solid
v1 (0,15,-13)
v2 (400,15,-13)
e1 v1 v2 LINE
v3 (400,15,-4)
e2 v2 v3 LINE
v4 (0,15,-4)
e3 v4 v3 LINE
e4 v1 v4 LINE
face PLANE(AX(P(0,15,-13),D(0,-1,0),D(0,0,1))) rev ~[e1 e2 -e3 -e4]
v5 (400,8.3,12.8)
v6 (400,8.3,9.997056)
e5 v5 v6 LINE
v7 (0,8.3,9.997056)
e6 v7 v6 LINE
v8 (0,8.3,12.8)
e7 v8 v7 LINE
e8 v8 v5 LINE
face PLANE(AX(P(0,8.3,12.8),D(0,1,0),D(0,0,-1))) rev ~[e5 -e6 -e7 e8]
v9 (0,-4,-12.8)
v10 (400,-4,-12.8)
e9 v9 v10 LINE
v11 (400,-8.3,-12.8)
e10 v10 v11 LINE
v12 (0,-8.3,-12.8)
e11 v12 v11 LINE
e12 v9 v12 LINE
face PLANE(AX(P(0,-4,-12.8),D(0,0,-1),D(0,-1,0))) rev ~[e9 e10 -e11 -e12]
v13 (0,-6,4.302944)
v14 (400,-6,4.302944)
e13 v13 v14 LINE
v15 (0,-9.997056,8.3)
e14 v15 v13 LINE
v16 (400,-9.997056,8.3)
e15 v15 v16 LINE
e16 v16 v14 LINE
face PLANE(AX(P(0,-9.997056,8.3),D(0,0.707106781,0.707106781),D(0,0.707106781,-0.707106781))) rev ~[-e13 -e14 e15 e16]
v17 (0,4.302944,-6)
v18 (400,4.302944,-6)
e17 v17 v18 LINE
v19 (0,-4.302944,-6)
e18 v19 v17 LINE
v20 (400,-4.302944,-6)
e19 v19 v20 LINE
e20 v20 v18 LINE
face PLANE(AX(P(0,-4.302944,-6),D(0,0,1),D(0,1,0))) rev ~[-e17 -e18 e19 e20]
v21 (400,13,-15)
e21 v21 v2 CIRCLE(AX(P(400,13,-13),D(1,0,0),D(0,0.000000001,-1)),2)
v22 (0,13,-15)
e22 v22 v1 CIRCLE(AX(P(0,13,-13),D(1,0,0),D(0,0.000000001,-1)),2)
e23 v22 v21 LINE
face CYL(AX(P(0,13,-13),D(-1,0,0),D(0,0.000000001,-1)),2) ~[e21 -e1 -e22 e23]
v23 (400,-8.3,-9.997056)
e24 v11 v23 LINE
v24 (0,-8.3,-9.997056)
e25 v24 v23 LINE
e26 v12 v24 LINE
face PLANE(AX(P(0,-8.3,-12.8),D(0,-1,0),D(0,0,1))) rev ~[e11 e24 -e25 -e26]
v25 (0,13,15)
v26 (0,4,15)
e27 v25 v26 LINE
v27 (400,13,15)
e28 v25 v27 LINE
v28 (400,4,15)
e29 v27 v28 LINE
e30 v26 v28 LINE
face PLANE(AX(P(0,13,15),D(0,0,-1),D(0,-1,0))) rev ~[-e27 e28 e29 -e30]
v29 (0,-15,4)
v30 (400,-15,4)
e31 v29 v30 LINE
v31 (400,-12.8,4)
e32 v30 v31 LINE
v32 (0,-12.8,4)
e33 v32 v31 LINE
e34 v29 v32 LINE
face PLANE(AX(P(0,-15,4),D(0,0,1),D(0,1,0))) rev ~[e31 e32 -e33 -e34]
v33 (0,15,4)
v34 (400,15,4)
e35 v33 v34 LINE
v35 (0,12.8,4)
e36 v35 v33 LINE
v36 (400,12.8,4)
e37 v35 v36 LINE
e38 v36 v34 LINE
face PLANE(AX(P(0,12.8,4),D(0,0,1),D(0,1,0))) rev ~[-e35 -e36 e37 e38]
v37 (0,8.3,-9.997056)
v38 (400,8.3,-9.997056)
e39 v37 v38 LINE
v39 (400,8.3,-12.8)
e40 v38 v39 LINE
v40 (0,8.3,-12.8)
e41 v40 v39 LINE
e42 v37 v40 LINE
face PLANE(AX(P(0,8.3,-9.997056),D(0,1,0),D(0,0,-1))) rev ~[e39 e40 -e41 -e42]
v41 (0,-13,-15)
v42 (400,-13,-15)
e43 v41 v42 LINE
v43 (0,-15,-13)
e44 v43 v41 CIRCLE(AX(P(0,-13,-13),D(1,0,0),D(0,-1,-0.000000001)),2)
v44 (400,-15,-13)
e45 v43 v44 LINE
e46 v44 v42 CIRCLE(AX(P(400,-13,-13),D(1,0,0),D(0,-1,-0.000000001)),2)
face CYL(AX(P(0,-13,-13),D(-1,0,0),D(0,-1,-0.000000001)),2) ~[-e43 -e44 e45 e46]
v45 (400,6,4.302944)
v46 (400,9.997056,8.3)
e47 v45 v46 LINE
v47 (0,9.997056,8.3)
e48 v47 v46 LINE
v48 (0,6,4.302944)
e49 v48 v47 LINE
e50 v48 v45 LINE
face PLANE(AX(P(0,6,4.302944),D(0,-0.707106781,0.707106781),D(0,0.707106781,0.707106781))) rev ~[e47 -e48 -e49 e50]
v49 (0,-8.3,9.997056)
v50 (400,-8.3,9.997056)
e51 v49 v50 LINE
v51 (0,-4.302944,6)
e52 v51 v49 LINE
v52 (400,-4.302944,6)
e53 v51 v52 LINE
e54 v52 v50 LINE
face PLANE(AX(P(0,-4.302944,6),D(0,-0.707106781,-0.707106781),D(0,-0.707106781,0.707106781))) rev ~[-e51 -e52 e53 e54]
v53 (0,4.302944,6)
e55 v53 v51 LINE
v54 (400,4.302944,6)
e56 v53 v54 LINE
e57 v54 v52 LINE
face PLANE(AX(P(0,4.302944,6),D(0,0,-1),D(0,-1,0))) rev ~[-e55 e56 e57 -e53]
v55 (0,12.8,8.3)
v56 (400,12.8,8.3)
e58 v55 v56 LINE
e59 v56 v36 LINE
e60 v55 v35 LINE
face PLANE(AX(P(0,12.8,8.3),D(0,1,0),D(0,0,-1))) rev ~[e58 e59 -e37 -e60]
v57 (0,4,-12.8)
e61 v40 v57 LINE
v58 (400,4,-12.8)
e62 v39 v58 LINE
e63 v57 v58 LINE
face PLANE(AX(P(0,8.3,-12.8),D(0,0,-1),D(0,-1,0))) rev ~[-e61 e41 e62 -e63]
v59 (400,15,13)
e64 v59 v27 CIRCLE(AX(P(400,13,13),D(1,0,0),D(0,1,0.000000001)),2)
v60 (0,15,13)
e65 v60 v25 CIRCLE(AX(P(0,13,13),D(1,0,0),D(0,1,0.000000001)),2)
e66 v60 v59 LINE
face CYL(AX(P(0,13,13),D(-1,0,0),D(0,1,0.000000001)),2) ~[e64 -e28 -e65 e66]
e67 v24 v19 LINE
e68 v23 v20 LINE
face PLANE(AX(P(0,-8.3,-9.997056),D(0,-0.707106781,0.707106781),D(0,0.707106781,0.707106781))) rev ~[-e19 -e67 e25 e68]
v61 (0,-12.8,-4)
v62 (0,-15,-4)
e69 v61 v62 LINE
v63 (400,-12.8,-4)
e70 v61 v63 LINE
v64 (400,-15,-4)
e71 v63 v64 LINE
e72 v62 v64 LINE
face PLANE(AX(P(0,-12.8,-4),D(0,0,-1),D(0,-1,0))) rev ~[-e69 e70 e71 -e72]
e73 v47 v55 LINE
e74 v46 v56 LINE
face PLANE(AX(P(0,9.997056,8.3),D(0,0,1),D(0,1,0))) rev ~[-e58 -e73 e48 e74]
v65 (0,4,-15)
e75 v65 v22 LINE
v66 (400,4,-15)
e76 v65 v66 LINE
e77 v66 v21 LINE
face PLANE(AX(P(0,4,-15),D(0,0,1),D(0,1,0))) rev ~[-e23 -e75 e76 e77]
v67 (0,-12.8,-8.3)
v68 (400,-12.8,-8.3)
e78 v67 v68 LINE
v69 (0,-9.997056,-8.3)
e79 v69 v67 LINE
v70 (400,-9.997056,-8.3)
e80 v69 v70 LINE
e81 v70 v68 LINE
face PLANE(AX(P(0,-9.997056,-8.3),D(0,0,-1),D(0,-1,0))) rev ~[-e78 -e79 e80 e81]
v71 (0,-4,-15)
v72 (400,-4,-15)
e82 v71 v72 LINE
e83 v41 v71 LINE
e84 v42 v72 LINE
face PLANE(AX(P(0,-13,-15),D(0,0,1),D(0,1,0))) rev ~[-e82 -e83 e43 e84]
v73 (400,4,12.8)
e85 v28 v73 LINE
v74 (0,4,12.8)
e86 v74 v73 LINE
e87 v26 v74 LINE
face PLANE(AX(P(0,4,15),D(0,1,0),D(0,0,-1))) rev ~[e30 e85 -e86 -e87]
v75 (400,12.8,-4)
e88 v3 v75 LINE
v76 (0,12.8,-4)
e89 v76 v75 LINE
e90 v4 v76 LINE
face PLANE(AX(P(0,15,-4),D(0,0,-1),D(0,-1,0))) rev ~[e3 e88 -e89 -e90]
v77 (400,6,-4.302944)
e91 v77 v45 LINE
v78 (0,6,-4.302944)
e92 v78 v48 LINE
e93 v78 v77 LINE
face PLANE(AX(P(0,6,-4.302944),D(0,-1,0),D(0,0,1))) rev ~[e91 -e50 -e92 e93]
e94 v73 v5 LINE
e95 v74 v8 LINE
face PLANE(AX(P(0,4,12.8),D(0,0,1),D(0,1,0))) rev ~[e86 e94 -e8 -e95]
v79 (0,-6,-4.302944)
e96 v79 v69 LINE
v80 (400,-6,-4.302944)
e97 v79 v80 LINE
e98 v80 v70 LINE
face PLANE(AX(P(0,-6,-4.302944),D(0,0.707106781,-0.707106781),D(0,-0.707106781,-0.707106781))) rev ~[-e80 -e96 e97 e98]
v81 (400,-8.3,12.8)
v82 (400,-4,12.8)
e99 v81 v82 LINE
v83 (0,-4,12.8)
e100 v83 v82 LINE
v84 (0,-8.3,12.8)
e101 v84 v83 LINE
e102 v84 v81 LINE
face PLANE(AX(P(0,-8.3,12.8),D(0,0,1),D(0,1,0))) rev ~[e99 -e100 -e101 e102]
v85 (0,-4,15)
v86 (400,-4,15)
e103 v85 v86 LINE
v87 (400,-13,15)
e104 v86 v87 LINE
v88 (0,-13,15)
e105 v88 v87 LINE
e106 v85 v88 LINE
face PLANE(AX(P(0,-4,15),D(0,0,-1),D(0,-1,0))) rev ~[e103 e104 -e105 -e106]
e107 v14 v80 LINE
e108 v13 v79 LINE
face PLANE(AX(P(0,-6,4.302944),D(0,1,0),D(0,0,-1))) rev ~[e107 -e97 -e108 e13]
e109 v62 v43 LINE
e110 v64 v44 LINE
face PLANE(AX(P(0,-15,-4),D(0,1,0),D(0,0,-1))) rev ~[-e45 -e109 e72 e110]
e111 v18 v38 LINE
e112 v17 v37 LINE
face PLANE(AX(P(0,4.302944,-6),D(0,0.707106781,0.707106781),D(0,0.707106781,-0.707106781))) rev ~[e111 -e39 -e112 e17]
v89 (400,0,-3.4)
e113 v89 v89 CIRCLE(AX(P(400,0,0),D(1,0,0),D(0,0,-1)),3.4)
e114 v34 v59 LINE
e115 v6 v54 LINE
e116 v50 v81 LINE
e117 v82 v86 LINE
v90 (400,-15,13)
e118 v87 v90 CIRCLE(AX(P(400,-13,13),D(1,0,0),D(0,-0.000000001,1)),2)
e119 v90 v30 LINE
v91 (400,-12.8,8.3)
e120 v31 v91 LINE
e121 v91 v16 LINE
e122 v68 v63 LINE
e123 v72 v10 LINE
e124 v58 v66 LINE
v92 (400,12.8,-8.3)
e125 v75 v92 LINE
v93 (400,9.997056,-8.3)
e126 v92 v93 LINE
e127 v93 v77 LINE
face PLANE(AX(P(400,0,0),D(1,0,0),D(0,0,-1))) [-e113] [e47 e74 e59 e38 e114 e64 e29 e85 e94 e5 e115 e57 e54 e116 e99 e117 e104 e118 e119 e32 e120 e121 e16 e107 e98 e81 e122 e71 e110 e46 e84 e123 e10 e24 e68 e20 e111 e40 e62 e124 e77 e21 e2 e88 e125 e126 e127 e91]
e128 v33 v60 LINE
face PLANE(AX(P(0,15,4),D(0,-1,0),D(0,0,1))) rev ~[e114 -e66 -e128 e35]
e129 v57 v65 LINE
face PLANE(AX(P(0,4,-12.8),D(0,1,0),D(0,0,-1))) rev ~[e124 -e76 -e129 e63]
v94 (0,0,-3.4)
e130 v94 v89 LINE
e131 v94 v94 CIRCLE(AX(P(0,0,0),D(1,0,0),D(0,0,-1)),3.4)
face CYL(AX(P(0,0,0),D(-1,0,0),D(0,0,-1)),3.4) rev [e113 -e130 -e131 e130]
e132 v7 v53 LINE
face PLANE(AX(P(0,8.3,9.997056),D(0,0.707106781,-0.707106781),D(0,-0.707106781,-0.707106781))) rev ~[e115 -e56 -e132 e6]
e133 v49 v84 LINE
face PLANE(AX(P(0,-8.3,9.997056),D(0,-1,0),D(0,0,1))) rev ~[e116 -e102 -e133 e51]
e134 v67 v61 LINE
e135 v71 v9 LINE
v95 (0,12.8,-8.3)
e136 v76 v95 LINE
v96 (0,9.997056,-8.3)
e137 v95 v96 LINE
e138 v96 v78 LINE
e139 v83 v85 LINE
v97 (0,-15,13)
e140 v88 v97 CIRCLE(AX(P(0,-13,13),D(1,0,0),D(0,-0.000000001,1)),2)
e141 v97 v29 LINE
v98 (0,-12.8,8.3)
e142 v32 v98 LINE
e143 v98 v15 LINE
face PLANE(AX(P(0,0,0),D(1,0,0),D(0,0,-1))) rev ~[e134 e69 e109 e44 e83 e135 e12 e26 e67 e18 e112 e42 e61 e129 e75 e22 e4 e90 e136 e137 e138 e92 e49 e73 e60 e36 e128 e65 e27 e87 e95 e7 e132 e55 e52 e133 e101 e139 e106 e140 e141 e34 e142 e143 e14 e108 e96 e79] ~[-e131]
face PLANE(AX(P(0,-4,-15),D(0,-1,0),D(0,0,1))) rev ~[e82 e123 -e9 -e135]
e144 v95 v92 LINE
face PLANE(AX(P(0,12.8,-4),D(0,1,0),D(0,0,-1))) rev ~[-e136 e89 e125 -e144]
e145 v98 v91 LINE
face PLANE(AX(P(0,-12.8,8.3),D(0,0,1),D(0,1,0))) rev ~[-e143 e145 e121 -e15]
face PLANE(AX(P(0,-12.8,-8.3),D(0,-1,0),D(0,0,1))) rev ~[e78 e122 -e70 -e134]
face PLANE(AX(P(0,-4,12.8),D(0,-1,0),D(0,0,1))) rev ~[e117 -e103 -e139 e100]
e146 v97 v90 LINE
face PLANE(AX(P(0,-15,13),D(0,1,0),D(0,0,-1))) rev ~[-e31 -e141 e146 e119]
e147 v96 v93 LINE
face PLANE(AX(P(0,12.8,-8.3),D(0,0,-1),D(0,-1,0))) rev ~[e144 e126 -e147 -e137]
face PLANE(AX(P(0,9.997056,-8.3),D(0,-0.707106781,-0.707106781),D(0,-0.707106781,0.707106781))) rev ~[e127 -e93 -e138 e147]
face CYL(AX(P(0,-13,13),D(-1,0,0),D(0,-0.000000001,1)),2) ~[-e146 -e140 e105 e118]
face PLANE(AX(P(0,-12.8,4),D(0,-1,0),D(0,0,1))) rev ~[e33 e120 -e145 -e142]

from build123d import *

# Parameters (mm, degrees)
SKETCH17_R                       = 3.4
ALUMINIUM_EXTRUSION_3030_1_DEPTH = 400


with BuildPart() as part:
    # Sketch17 → Aluminium extrusion 3030(1) (new body)
    with BuildSketch(Plane(origin=(0, 0, 0), x_dir=(0, 0, -1), z_dir=(1, 0, 0))):
        with BuildLine():
            Line((0, 6), (-4.302943725, 6))
            Line((-4.302943725, 6), (-8.3, 9.997056275))
            Line((-8.3, 9.997056275), (-8.3, 12.8))
            Line((-8.3, 12.8), (-4, 12.8))
            Line((-4, 12.8), (-4, 15))
            Line((-4, 15), (-13, 15))
            ThreePointArc((-13, 15), (-14.414213562, 14.414213562), (-15, 13))
            Line((-15, 13), (-15, 4))
            Line((-15, 4), (-12.8, 4))
            Line((-12.8, 4), (-12.8, 8.3))
            Line((-12.8, 8.3), (-9.997056275, 8.3))
            Line((-9.997056275, 8.3), (-6, 4.302943725))
            Line((-6, 4.302943725), (-6, 0))
            Line((-6, 0), (-6, -4.302943725))
            Line((-6, -4.302943725), (-9.997056275, -8.3))
            Line((-9.997056275, -8.3), (-12.8, -8.3))
            Line((-12.8, -8.3), (-12.8, -4))
            Line((-12.8, -4), (-15, -4))
            Line((-15, -4), (-15, -13))
            ThreePointArc((-15, -13), (-14.414213562, -14.414213562), (-13, -15))
            Line((-13, -15), (-4, -15))
            Line((-4, -15), (-4, -12.8))
            Line((-4, -12.8), (-8.3, -12.8))
            Line((-8.3, -12.8), (-8.3, -9.997056275))
            Line((-8.3, -9.997056275), (-4.302943725, -6))
            Line((-4.302943725, -6), (0, -6))
            Line((0, -6), (4.302943725, -6))
            Line((4.302943725, -6), (8.3, -9.997056275))
            Line((8.3, -9.997056275), (8.3, -12.8))
            Line((8.3, -12.8), (4, -12.8))
            Line((4, -12.8), (4, -15))
            Line((4, -15), (13, -15))
            ThreePointArc((13, -15), (14.414213562, -14.414213562), (15, -13))
            Line((15, -13), (15, -4))
            Line((15, -4), (12.8, -4))
            Line((12.8, -4), (12.8, -8.3))
            Line((12.8, -8.3), (9.997056275, -8.3))
            Line((9.997056275, -8.3), (6, -4.302943725))
            Line((6, -4.302943725), (6, 0))
            Line((6, 0), (6, 4.302943725))
            Line((6, 4.302943725), (9.997056275, 8.3))
            Line((9.997056275, 8.3), (12.8, 8.3))
            Line((12.8, 8.3), (12.8, 4))
            Line((12.8, 4), (15, 4))
            Line((15, 4), (15, 13))
            ThreePointArc((15, 13), (14.414213562, 14.414213562), (13, 15))
            Line((13, 15), (4, 15))
            Line((4, 15), (4, 12.8))
            Line((4, 12.8), (8.3, 12.8))
            Line((8.3, 12.8), (8.3, 9.997056275))
            Line((8.3, 9.997056275), (4.302943725, 6))
            Line((4.302943725, 6), (0, 6))
        make_face()
        Circle(SKETCH17_R, mode=Mode.SUBTRACT)
    extrude(amount=ALUMINIUM_EXTRUSION_3030_1_DEPTH)


solid = part.part
